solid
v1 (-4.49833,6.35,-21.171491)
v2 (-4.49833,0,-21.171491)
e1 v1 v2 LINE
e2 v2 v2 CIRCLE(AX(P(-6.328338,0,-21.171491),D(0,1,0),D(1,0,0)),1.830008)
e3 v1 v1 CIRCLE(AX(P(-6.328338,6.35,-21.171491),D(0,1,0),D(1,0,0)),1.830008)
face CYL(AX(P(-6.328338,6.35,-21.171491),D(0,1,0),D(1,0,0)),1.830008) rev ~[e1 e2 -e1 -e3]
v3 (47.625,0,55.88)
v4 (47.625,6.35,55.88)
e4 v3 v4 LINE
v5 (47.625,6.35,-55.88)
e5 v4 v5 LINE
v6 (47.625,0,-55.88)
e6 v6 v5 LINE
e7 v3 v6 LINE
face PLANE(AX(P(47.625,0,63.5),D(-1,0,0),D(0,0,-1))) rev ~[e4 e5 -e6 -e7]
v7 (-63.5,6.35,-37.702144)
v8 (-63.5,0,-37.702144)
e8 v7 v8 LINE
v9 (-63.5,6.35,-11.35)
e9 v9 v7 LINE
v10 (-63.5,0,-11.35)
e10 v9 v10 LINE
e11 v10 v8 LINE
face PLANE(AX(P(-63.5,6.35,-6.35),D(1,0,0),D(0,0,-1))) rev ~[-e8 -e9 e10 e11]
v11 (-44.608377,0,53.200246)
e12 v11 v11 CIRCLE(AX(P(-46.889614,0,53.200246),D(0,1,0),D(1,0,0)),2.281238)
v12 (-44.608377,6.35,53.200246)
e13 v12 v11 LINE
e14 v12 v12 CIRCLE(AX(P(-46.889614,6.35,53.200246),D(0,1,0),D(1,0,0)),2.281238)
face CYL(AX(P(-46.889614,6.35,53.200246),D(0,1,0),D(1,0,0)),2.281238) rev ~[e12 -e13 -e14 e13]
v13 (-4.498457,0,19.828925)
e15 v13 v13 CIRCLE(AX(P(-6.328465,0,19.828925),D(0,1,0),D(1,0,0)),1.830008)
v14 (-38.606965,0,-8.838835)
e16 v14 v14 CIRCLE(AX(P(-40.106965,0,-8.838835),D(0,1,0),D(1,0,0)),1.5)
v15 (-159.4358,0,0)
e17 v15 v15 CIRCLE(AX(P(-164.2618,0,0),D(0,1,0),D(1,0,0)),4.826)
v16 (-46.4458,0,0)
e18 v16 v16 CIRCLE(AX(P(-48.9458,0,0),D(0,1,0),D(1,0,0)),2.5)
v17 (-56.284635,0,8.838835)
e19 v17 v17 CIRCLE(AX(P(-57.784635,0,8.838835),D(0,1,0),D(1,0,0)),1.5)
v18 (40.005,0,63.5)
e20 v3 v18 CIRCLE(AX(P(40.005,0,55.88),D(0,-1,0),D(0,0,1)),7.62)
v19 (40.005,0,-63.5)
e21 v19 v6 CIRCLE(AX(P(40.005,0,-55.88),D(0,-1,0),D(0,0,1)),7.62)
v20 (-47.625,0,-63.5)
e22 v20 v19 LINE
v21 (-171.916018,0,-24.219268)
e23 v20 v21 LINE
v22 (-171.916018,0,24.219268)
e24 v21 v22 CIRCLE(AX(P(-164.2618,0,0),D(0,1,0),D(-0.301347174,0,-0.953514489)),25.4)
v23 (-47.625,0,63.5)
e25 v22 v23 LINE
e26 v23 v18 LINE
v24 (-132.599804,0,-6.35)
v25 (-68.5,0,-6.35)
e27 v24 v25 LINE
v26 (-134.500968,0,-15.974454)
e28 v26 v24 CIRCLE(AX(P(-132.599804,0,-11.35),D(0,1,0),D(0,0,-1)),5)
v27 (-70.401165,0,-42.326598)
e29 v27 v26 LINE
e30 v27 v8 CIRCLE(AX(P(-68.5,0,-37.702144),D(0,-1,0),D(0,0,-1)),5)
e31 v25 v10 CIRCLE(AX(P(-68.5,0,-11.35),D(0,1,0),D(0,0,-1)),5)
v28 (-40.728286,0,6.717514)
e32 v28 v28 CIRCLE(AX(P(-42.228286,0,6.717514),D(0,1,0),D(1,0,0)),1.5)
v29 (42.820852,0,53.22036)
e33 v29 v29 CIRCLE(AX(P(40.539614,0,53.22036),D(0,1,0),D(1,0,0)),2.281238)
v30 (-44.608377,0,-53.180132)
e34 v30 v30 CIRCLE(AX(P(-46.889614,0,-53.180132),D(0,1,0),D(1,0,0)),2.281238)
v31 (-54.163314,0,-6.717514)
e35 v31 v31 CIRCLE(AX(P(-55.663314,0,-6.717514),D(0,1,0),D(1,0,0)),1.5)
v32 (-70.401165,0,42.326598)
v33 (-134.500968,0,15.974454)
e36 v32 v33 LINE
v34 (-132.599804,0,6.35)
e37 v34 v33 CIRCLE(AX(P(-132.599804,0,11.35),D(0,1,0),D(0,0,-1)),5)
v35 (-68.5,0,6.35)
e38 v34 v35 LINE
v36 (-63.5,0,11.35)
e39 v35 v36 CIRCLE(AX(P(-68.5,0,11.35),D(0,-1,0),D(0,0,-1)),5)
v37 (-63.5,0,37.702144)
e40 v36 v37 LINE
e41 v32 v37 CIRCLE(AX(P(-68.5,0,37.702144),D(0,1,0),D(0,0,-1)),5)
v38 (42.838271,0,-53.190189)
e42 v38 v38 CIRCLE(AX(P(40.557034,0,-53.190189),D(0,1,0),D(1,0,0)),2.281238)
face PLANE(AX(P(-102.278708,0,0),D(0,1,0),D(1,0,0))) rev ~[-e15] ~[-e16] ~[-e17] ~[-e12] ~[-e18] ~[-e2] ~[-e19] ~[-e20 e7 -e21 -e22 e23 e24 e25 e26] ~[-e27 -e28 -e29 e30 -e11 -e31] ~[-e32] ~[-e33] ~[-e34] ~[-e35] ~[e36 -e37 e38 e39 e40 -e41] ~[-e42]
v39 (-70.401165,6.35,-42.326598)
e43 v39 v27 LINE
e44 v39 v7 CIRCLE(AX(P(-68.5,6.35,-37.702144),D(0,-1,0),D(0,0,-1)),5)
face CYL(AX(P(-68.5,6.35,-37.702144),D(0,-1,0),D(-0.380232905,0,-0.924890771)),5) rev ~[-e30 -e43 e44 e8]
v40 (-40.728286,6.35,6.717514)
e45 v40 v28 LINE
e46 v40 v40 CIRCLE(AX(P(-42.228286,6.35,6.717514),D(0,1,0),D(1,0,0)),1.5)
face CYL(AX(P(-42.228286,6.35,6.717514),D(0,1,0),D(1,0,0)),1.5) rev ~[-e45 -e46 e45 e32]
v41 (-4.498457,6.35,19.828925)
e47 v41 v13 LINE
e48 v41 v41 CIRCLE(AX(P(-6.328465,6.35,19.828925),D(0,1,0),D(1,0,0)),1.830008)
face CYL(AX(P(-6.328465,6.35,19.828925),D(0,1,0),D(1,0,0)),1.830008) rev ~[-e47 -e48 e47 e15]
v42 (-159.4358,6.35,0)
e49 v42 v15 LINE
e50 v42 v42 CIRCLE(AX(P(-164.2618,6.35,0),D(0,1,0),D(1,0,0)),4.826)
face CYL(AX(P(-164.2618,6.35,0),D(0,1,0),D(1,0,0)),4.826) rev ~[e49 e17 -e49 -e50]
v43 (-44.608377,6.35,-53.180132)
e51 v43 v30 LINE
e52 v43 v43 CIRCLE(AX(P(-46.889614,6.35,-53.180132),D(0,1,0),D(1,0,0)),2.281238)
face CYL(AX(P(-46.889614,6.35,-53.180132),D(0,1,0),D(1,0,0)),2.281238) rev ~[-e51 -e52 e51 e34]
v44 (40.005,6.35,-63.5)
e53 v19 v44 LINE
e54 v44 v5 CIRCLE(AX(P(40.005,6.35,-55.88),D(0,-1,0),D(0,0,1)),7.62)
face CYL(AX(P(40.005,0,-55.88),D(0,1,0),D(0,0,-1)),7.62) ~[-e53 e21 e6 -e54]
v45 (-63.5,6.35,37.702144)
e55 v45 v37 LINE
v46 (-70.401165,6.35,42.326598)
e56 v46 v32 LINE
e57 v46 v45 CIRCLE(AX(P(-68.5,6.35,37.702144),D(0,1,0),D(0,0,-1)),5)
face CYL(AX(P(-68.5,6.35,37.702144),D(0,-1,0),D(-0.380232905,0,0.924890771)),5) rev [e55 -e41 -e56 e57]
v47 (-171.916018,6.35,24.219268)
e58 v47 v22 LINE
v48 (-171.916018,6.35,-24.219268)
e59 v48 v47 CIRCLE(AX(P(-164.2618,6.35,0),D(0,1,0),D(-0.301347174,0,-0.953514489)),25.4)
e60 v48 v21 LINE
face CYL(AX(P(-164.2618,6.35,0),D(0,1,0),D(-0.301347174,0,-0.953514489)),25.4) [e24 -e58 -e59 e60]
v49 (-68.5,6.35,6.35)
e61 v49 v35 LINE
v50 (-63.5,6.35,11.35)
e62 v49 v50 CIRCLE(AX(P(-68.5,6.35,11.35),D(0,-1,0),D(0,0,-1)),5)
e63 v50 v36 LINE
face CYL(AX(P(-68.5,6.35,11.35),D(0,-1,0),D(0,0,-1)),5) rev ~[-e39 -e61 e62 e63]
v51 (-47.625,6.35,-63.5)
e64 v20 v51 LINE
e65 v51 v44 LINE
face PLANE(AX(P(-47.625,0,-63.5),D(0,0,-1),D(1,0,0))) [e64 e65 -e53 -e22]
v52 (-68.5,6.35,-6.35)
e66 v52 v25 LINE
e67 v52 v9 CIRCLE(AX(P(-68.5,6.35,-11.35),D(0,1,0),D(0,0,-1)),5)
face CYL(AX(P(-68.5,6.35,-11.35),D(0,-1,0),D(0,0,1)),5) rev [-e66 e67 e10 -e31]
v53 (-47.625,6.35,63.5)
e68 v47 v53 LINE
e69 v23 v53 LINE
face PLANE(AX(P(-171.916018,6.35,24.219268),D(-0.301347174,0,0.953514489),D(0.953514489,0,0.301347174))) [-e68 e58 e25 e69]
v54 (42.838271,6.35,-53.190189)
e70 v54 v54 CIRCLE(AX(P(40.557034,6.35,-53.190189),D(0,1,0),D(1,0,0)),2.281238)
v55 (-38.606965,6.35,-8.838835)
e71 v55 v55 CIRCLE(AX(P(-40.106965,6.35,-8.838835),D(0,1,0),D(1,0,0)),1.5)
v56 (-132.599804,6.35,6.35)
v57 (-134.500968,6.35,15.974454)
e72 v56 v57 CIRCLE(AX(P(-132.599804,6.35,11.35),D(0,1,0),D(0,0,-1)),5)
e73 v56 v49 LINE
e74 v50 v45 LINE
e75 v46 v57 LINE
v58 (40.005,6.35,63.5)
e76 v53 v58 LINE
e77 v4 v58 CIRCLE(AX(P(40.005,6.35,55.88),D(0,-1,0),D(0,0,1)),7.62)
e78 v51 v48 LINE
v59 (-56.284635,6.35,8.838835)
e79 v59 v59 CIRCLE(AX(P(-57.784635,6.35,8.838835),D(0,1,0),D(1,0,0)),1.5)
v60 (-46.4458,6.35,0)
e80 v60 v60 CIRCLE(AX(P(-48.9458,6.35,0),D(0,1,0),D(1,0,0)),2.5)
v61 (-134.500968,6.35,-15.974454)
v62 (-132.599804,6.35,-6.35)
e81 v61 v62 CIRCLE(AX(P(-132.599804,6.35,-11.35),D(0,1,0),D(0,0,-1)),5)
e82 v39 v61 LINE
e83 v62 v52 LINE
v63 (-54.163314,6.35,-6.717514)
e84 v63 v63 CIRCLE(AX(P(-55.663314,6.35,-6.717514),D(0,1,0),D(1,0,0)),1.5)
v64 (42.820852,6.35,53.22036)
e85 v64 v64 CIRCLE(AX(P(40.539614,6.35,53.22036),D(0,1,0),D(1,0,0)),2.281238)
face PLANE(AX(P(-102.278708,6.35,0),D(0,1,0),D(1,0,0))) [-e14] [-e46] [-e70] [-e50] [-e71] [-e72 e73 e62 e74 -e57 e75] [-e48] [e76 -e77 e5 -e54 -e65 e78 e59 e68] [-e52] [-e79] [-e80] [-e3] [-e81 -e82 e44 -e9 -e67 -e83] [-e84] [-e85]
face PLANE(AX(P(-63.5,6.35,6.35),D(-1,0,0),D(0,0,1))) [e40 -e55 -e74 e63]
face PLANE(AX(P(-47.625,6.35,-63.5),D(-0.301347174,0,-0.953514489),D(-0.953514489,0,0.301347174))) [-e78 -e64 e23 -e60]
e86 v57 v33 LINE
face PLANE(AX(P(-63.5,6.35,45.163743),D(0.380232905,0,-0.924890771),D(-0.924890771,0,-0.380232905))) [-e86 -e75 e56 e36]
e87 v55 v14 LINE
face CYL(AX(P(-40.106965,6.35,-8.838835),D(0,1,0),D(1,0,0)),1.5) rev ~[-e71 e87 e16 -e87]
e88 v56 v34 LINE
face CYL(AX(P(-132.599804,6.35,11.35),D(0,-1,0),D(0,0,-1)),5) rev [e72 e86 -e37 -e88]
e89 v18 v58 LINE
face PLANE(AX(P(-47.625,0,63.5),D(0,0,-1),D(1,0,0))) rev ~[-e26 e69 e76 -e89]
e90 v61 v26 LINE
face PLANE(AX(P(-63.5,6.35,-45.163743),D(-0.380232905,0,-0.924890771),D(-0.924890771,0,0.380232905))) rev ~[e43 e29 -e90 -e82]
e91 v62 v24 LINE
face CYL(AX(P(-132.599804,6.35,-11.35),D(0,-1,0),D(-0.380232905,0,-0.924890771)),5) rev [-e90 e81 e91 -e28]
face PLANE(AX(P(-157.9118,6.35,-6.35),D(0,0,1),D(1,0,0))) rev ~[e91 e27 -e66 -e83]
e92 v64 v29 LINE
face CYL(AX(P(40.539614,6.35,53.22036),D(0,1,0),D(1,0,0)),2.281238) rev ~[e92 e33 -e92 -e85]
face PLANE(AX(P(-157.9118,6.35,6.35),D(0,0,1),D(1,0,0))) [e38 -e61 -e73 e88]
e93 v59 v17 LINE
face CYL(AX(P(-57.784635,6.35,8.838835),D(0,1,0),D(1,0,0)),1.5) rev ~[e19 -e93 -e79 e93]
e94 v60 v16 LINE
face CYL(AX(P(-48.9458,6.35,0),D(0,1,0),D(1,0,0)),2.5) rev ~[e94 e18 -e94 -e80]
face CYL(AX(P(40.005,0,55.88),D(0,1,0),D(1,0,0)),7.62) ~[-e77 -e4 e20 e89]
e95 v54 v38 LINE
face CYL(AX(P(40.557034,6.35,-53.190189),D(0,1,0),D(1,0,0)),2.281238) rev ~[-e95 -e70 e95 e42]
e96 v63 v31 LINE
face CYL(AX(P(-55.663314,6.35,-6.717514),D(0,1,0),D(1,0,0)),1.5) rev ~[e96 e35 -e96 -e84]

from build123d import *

# Parameters (mm, degrees)
SKETCH1_W           = 95.25
SKETCH1_H           = 127
BOSS_EXTRUDE1_DEPTH = 6.35
BOSS_EXTRUDE3_DEPTH = 6.35
SKETCH5_R           = 4.826
SKETCH5_R_2         = 2.5
SKETCH5_R_3         = 1.5
CUT_EXTRUDE1_DEPTH  = 7.35
CUT_EXTRUDE2_DEPTH  = 7.35
FILLET9_R           = 5
FILLET10_R          = 7.62
SKETCH7_R           = 2.2812375
CUT_EXTRUDE3_DEPTH  = 7.35
SKETCH8_R           = 1.830008083
CUT_EXTRUDE4_DEPTH  = 7.35


with BuildPart() as part:
    # Sketch1 → Boss-Extrude1 (new body)
    with BuildSketch(Plane(origin=(0, 0, 0), x_dir=(1, 0, 0), z_dir=(0, 1, 0))):
        Rectangle(SKETCH1_W, SKETCH1_H)
    extrude(amount=BOSS_EXTRUDE1_DEPTH)

    # Sketch4 → Boss-Extrude3 (add)
    with BuildSketch(Plane(origin=(0, 6.35, 0), x_dir=(1, 0, 0), z_dir=(0, 1, 0))):
        with BuildLine():
            Line((-47.625, 63.5), (-171.916018217, 24.219268021))
            ThreePointArc((-171.916018217, 24.219268021), (-189.6618, 0), (-171.916018217, -24.219268021))
            Line((-171.916018217, -24.219268021), (-47.625, -63.5))
            Line((-47.625, -63.5), (-47.625, 63.5))
        make_face()
    extrude(amount=-BOSS_EXTRUDE3_DEPTH)

    # Sketch5 → Cut-Extrude1 (cut, through all)
    with BuildSketch(Plane(origin=(0, 6.35, 0), x_dir=(1, 0, 0), z_dir=(0, 1, 0))):
        with Locations((-164.2618, 0)):
            Circle(SKETCH5_R)
        with Locations((-48.9458, 0)):
            Circle(SKETCH5_R_2)
        with Locations((-40.106965235, 8.838834765)):
            Circle(SKETCH5_R_3)
        with Locations((-57.784634765, -8.838834765)):
            Circle(SKETCH5_R_3)
        with Locations((-55.663314421, 6.717514421)):
            Circle(SKETCH5_R_3)
        with Locations((-42.228285579, -6.717514421)):
            Circle(SKETCH5_R_3)
    extrude(amount=-CUT_EXTRUDE1_DEPTH, mode=Mode.SUBTRACT)

    # Sketch6 → Cut-Extrude2 (cut, through all)
    with BuildSketch(Plane(origin=(0, 6.35, 0), x_dir=(1, 0, 0), z_dir=(0, 1, 0))):
        Polygon((-63.5, 45.163743355), (-157.9118, 6.35), (-63.5, 6.35), align=None)
        Polygon((-63.5, -6.35), (-63.5, -45.163743355), (-157.9118, -6.35), align=None)
    extrude(amount=-CUT_EXTRUDE2_DEPTH, mode=Mode.SUBTRACT)

    # Fillet9
    fillet9_edges = [part.edges().sort_by_distance(p)[0] for p in [
        (-63.5, 3.175, -45.163743355),
        (-63.5, 3.175, -6.35),
        (-157.9118, 3.175, -6.35),
        (-157.9118, 3.175, 6.35),
        (-63.5, 3.175, 6.35),
        (-63.5, 3.175, 45.163743355),
    ]]
    fillet(fillet9_edges, radius=FILLET9_R)

    # Fillet10
    fillet10_edges = [part.edges().sort_by_distance(p)[0] for p in [
        (47.625, 3.175, 63.5),
        (47.625, 3.175, -63.5),
    ]]
    fillet(fillet10_edges, radius=FILLET10_R)

    # Sketch7 → Cut-Extrude3 (cut, through all)
    with BuildSketch(Plane(origin=(0, 6.35, 0), x_dir=(1, 0, 0), z_dir=(0, 1, 0))):
        with Locations((-46.889614099, -53.200246229)):
            Circle(SKETCH7_R)
        with Locations((-46.889614099, 53.180131976)):
            Circle(SKETCH7_R)
        with Locations((40.557033552, 53.190189103)):
            Circle(SKETCH7_R)
        with Locations((40.539614099, -53.220360481)):
            Circle(SKETCH7_R)
    extrude(amount=-CUT_EXTRUDE3_DEPTH, mode=Mode.SUBTRACT)

    # Sketch8 → Cut-Extrude4 (cut, through all)
    with BuildSketch(Plane(origin=(0, 6.35, 0), x_dir=(1, 0, 0), z_dir=(0, 1, 0))):
        with Locations((-6.328465047, -19.828924843)):
            Circle(SKETCH8_R)
        with Locations((-6.328338046, 21.171490961)):
            Circle(SKETCH8_R)
    extrude(amount=-CUT_EXTRUDE4_DEPTH, mode=Mode.SUBTRACT)


solid = part.part
